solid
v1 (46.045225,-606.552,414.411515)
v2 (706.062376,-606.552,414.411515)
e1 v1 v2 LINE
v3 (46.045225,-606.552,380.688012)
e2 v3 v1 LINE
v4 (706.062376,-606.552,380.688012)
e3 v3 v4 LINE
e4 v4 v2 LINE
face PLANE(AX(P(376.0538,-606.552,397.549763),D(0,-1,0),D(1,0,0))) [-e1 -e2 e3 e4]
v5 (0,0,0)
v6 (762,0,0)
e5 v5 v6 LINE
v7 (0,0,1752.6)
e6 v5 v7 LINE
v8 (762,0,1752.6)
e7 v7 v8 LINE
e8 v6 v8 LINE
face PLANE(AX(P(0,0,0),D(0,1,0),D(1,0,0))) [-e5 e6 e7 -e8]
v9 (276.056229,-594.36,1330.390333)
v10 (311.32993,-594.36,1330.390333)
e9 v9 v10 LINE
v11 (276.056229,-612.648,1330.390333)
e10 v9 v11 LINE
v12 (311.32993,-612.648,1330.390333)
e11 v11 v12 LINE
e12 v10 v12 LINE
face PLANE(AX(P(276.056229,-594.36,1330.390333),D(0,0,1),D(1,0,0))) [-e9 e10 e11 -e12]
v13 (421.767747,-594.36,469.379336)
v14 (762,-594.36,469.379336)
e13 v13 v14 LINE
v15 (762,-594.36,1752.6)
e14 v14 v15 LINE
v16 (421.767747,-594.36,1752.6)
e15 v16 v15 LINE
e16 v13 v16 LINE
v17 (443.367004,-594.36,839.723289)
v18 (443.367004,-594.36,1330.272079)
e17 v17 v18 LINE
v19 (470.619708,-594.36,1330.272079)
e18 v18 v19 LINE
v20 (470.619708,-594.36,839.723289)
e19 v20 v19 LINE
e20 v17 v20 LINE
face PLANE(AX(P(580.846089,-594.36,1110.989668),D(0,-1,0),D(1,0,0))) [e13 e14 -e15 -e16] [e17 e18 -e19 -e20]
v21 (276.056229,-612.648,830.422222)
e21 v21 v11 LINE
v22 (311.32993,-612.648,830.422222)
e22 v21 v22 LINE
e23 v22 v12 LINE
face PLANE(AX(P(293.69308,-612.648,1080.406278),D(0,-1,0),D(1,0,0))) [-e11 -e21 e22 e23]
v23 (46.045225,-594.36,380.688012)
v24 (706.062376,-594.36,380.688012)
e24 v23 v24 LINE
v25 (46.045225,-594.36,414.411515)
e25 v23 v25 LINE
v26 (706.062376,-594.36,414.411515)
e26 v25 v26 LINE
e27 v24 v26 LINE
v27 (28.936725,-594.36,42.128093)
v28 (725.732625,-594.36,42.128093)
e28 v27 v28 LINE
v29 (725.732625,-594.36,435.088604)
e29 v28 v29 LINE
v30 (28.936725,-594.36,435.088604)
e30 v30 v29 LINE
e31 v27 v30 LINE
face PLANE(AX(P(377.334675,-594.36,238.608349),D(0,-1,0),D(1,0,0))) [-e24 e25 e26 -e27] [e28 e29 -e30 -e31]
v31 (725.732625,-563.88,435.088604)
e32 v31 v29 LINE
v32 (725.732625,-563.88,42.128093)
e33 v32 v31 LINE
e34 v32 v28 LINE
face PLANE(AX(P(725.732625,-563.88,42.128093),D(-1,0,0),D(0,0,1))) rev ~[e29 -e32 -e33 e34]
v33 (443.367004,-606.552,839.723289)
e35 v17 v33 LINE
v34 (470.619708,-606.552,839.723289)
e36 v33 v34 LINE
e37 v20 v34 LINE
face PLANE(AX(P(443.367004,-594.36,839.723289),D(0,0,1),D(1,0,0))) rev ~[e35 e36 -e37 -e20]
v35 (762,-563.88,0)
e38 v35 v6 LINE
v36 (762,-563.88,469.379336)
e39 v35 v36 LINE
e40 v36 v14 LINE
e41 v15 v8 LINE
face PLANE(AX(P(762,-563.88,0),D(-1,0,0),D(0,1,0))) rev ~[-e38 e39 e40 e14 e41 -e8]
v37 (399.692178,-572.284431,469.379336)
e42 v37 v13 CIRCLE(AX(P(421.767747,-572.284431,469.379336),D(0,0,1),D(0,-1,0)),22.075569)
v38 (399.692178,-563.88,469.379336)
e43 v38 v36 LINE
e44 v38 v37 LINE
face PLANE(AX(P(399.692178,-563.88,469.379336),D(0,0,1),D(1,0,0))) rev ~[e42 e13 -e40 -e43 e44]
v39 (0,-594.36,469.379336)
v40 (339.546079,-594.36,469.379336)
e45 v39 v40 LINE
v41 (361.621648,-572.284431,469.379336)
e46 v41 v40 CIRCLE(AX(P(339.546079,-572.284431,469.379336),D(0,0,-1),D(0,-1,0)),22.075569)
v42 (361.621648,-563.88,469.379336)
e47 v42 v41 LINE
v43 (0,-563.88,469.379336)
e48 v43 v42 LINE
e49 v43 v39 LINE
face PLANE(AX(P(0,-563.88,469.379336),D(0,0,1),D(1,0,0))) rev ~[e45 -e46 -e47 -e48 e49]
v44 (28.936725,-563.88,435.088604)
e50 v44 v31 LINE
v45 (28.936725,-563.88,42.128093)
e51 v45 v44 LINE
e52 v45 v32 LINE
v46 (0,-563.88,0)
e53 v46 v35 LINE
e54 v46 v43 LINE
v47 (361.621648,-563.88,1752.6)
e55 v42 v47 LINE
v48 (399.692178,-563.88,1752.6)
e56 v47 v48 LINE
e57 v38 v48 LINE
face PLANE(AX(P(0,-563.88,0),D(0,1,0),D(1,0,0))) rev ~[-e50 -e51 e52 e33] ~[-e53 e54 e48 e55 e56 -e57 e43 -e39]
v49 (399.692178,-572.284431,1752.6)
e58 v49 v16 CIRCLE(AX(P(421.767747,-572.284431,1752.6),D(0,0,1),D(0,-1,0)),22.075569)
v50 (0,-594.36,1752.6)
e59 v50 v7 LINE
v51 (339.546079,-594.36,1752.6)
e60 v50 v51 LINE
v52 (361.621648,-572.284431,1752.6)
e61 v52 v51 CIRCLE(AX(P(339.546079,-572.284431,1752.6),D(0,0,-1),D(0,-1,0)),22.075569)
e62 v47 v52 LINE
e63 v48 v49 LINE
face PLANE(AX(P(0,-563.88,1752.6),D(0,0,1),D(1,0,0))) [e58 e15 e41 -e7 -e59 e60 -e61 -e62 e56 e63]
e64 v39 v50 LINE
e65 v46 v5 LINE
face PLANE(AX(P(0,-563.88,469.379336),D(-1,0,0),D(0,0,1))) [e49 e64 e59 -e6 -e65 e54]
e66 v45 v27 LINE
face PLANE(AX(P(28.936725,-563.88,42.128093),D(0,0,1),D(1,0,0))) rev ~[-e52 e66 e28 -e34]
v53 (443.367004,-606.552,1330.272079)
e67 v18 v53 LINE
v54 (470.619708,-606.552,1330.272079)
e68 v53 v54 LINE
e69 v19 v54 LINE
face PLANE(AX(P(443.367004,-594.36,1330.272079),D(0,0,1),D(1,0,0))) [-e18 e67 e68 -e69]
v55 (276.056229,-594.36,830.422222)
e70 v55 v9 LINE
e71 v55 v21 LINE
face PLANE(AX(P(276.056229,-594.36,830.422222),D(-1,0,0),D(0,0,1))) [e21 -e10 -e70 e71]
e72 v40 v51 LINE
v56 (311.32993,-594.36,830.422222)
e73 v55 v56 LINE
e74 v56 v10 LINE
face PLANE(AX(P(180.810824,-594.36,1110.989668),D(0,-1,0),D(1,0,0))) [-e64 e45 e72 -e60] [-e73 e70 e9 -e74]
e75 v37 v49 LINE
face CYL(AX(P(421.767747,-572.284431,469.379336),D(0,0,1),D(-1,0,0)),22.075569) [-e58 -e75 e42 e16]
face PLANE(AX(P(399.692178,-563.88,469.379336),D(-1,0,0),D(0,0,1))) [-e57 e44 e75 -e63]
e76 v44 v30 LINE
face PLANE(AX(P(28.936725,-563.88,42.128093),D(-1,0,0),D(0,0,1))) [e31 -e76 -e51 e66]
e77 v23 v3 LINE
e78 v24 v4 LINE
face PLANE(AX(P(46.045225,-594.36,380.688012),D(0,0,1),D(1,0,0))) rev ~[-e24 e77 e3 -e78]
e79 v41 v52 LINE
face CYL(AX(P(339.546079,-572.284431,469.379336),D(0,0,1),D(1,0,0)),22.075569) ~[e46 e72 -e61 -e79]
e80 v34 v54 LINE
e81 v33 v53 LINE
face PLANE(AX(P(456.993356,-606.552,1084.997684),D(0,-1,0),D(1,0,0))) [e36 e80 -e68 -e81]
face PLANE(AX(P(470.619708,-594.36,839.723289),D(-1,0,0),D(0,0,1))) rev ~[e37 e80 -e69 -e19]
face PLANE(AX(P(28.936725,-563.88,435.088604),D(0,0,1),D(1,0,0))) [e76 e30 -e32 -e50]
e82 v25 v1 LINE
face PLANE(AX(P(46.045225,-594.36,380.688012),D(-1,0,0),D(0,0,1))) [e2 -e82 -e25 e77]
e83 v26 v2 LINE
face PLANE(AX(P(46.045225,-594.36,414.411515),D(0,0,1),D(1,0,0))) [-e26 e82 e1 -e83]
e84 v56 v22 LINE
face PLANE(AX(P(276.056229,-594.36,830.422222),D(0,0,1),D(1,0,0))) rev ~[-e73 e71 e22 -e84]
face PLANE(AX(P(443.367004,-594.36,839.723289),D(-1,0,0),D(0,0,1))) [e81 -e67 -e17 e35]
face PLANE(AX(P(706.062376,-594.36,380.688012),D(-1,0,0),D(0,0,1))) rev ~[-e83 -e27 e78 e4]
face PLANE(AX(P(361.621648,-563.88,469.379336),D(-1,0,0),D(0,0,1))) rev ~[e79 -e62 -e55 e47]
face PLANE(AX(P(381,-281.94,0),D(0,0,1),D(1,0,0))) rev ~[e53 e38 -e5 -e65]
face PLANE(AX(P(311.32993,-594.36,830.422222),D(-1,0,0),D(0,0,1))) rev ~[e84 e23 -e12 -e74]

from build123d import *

# Parameters (mm, degrees)
F0_W      = 762
F0_H      = 563.88
F1_DEPTH  = 1752.6
F2_W      = 696.7959
F2_H      = 392.960511
F3_DEPTH  = 30.48
F4_W      = 361.621648
F4_H      = 1283.220664
F4_W_2    = 362.307822
F5_DEPTH  = 30.48
F6_R      = 22.075569
F7_W      = 35.273701
F7_H      = 499.968111
F8_DEPTH  = 18.288
F9_W      = 27.252704
F9_H      = 490.54879
F10_DEPTH = 12.192
F11_W     = 660.017151
F11_H     = 33.723503
F12_DEPTH = 12.192


with BuildPart() as f1:
    # F0 (on Top) → F1 (new body)
    with BuildSketch(Plane.XY):
        with Locations((381, -281.94)):
            Rectangle(F0_W, F0_H)
    extrude(amount=F1_DEPTH)

    # F2 (on face) → F3 (join)
    with BuildSketch(Plane.XZ.offset(563.88)):
        with Locations((377.334675, 238.608349)):
            Rectangle(F2_W, F2_H)
    extrude(amount=F3_DEPTH)

    # F4 (on face) → F5 (join)
    with BuildSketch(Plane.XZ.offset(563.88)):
        with Locations((180.810824, 1110.989668)):
            Rectangle(F4_W, F4_H)
        with Locations((580.846089, 1110.989668)):
            Rectangle(F4_W_2, F4_H)
    extrude(amount=F5_DEPTH)

    # F6
    f6_edges = [f1.edges().sort_by_distance(p)[0] for p in [
        (361.621648, -594.36, 1110.989668),
        (399.692178, -594.36, 1110.989668),
    ]]
    fillet(f6_edges, radius=F6_R)

    # F7 (on face) → F8 (join)
    with BuildSketch(Plane.XZ.offset(594.36)):
        with Locations((293.69308, 1080.406278)):
            Rectangle(F7_W, F7_H)
    extrude(amount=F8_DEPTH)

    # F9 (on face) → F10 (join)
    with BuildSketch(Plane.XZ.offset(594.36)):
        with Locations((456.993356, 1084.997684)):
            Rectangle(F9_W, F9_H)
    extrude(amount=F10_DEPTH)

    # F11 (on face) → F12 (join)
    with BuildSketch(Plane.XZ.offset(594.36)):
        with Locations((376.0538, 397.549763)):
            Rectangle(F11_W, F11_H)
    extrude(amount=F12_DEPTH)


solid = f1.part
